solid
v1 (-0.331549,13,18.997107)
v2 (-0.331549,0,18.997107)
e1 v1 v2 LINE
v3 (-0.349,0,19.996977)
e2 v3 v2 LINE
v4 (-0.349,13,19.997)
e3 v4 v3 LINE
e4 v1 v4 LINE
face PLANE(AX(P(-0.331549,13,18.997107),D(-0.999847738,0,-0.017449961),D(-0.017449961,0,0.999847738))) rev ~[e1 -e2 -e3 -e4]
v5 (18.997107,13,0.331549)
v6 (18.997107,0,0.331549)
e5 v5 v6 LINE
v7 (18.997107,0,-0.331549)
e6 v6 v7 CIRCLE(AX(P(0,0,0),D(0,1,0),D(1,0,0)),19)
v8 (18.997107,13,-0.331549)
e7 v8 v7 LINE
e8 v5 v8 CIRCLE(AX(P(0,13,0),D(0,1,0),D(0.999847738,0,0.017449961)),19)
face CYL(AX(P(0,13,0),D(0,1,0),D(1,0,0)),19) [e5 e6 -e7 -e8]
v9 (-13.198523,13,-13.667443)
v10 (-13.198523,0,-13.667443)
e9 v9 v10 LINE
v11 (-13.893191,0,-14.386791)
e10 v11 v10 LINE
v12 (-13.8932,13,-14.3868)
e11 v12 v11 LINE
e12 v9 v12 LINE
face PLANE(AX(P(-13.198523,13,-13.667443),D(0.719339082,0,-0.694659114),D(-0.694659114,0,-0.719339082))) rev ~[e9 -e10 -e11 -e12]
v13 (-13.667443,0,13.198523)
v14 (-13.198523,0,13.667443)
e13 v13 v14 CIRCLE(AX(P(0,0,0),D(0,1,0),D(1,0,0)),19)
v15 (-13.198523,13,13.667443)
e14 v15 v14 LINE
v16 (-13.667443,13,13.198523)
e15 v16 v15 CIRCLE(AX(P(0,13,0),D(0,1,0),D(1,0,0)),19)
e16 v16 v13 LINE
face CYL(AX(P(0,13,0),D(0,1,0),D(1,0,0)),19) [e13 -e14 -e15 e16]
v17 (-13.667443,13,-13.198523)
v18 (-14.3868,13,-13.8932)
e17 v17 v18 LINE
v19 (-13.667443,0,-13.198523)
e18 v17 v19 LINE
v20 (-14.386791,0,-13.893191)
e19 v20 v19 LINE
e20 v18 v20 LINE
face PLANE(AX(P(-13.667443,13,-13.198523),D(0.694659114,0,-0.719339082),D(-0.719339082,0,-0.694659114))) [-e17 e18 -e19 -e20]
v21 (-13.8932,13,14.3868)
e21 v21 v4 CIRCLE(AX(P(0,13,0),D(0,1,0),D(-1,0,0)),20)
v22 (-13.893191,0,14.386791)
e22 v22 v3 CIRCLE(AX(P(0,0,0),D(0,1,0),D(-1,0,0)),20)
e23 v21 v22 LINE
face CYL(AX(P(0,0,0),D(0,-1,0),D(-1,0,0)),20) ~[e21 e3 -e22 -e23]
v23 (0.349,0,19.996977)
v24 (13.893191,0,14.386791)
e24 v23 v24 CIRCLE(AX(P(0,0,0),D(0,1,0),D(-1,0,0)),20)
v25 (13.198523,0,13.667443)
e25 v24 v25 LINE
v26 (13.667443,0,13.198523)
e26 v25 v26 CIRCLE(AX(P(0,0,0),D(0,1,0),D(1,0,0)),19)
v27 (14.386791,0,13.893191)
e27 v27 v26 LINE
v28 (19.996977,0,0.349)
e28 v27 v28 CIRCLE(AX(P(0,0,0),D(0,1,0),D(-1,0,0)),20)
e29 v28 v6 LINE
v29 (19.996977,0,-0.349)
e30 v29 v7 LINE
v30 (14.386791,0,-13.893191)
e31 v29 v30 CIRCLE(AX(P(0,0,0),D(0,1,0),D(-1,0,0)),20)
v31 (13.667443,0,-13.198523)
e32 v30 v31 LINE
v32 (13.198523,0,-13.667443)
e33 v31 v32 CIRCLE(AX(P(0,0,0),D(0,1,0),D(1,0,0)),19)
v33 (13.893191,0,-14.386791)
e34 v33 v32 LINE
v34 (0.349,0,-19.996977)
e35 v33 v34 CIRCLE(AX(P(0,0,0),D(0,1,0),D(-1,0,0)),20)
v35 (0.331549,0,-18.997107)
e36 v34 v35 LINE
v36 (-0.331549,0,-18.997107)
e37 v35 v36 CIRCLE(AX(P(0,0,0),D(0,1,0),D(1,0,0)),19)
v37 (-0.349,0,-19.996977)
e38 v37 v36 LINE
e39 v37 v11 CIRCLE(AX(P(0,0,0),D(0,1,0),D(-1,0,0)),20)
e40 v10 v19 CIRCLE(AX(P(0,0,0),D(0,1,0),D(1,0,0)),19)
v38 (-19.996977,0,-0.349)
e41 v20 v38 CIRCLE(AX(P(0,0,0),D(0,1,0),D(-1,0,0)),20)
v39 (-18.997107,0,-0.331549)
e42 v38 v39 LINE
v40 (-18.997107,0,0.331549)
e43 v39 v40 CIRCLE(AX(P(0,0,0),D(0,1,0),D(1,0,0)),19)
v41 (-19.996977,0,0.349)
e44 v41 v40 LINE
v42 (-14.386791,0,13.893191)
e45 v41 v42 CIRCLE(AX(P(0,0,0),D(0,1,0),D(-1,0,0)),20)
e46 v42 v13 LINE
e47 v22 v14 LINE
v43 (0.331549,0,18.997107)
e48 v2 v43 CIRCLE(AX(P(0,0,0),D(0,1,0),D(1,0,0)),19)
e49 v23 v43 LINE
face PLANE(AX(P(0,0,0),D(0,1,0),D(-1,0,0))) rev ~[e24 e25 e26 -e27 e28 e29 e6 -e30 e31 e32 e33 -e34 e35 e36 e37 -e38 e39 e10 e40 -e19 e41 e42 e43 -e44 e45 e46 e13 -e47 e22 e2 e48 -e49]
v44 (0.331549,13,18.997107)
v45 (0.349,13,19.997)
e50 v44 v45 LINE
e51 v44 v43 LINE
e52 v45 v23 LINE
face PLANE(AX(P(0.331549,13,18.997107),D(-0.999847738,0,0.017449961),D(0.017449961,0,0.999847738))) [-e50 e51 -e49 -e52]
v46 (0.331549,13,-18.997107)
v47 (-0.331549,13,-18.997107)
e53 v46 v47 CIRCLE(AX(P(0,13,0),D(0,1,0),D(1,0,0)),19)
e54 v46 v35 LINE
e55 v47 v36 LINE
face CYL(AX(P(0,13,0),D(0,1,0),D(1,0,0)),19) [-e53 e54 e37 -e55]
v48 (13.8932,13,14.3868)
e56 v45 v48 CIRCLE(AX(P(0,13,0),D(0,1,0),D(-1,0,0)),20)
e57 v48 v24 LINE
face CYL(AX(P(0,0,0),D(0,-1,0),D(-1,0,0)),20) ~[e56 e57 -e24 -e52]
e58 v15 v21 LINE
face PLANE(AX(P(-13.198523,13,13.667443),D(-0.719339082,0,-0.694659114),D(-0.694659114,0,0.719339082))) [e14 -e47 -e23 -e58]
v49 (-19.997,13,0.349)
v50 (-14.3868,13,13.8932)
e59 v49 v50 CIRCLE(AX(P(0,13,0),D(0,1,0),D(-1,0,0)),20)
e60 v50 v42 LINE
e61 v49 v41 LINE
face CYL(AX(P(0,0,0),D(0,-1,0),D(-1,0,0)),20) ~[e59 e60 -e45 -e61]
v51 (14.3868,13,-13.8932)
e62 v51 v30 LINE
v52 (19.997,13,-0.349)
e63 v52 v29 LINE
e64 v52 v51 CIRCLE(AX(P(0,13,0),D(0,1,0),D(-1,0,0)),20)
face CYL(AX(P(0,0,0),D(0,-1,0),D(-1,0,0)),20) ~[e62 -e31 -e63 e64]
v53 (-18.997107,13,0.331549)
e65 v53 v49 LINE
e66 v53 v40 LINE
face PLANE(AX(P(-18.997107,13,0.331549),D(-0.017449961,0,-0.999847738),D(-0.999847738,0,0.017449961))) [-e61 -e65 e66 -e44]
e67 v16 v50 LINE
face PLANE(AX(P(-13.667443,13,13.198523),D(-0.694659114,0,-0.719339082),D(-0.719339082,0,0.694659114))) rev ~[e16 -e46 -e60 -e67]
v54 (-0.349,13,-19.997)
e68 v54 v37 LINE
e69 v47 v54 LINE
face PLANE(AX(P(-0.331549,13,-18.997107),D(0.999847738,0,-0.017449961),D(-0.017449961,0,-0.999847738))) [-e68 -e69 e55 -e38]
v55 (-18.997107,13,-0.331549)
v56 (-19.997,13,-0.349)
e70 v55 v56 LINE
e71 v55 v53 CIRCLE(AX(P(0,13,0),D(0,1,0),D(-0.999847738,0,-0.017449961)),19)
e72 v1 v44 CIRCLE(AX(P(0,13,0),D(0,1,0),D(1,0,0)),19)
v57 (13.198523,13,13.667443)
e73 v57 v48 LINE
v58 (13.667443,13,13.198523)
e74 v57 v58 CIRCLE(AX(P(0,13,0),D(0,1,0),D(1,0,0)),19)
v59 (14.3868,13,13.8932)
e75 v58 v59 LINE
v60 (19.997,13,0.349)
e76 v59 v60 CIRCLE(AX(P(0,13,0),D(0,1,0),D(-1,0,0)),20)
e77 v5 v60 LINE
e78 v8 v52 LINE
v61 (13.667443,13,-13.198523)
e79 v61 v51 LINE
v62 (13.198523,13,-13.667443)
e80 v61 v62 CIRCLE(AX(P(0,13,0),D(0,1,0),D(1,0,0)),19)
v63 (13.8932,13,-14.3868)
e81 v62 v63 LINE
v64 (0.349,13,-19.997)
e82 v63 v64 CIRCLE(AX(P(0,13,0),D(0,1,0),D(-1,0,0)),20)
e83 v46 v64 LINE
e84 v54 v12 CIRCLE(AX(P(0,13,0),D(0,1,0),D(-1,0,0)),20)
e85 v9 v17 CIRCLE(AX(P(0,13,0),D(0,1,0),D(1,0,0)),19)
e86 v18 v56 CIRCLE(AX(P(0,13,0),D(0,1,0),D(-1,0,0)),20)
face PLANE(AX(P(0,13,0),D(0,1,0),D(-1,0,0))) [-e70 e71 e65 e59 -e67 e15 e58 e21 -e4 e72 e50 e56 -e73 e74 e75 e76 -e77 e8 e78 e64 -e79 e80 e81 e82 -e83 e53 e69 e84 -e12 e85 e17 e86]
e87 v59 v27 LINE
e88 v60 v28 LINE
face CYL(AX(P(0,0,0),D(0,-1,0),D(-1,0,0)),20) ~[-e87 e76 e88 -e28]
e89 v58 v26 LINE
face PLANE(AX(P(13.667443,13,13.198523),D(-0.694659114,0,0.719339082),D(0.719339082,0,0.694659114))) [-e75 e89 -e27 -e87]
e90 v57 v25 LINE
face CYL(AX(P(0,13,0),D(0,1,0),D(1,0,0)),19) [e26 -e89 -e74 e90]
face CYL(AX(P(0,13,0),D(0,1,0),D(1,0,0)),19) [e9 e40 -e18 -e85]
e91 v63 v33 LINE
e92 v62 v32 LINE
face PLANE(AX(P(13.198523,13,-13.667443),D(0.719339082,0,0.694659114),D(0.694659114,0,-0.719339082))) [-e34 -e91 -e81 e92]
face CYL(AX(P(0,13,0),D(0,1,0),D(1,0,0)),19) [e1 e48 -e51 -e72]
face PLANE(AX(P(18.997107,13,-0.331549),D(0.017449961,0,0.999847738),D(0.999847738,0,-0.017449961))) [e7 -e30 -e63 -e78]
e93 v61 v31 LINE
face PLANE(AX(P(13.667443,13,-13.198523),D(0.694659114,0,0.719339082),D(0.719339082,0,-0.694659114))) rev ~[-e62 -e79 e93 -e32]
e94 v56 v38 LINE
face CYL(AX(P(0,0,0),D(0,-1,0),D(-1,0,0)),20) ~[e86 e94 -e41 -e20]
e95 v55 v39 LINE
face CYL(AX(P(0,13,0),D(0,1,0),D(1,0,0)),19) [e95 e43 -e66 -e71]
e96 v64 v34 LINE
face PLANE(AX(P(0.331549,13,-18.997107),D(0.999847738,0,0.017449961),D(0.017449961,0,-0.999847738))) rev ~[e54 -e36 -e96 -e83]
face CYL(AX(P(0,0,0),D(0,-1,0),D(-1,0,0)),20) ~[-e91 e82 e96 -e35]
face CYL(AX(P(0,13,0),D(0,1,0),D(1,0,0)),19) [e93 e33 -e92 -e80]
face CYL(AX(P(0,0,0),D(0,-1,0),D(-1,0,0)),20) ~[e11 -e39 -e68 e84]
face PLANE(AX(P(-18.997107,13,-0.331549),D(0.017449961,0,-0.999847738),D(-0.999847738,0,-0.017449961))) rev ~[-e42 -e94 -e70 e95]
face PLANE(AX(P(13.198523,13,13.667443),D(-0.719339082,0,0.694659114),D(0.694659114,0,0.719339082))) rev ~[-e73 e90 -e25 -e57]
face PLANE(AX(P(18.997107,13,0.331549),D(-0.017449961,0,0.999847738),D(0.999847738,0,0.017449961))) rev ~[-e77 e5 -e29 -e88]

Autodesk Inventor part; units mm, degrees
ref_plane "YZ Plane" through (0, 0, 0) normal (1, 0, 0) x (0, 1, 0)
ref_plane "XZ Plane" through (0, 0, 0) normal (0, 1, 0) x (-1, 0, 0)
ref_plane "XY Plane" through (0, 0, 0) normal (0, 0, 1) x (1, 0, 0)
sketch "草圖1" plane through (0, 0, 0) normal (0, 1, 0) x (-1, 0, 0)
  circle A0 centre (0, 0) radius 20
  dimension "d0" = 40
extrude "擠出1" add sketch "草圖1" along normal blind 13
sketch "草圖2" plane through (0, 13, 0) normal (0, 1, 0) x (1, 0, 0)
  circle A0 centre (0, 0) radius 19
  circle A1 centre (0, 0) radius 20 projected
  line L0 (-20, 0) -> (-19, 0)
  line L1 (0, 0) -> (-19.997, 0.349)
  line L2 (0, 0) -> (-19.997, -0.349)
  line L3 (0, 0) -> (-14.3868, -13.8932)
  line L4 (0, 0) -> (-13.8932, -14.3868)
  line L5 (0, 0) -> (-0.349, -19.997)
  line L6 (0, 0) -> (0.349, -19.997)
  line L7 (0, 0) -> (13.8932, -14.3868)
  line L8 (0, 0) -> (14.3868, -13.8932)
  line L9 (0, 0) -> (19.997, -0.349)
  line L10 (0, 0) -> (19.997, 0.349)
  line L11 (0, 0) -> (14.3868, 13.8932)
  line L12 (0, 0) -> (13.8932, 14.3868)
  line L13 (0, 0) -> (0.349, 19.997)
  line L14 (0, 0) -> (-0.349, 19.997)
  line L15 (0, 0) -> (-13.8932, 14.3868)
  line L16 (0, 0) -> (-14.3868, 13.8932)
  point P0 (13.1985, 13.6675)
  point P1 (13.6675, 13.1985)
  point P2 (18.9971, 0.3316)
  point P3 (18.9971, -0.3316)
  point P4 (13.6675, -13.1985)
  point P5 (13.1985, -13.6675)
  point P6 (0.3316, -18.9971)
  point P7 (-0.3316, -18.9971)
  point P8 (-13.1985, -13.6675)
  point P9 (-13.6675, -13.1985)
  point P10 (-18.9971, -0.3316)
  point P11 (-18.9971, 0.3316)
  point P12 (-13.6675, 13.1985)
  point P13 (-13.1985, 13.6675)
  point P14 (-0.3316, 18.9971)
  point P15 (0.3316, 18.9971)
  dimension "d3" = 38
  dimension "d6" = 1
  dimension "d7" = 1
  dimension "d10" = 360
extrude "擠出2" cut sketch "草圖2" against normal up to next contours A0 L10 A1 L9 | A0 L12 A1 L11 | L8 A1 L7 A0 | A0 L0 A1 L1 | L2 A1 L0 A0 | A0 L4 A1 L3 | A0 L6 A1 L5 | A0 L14 A1 L13 | A0 L16 A1 L15
properties part number "屋-2 柱-1"
